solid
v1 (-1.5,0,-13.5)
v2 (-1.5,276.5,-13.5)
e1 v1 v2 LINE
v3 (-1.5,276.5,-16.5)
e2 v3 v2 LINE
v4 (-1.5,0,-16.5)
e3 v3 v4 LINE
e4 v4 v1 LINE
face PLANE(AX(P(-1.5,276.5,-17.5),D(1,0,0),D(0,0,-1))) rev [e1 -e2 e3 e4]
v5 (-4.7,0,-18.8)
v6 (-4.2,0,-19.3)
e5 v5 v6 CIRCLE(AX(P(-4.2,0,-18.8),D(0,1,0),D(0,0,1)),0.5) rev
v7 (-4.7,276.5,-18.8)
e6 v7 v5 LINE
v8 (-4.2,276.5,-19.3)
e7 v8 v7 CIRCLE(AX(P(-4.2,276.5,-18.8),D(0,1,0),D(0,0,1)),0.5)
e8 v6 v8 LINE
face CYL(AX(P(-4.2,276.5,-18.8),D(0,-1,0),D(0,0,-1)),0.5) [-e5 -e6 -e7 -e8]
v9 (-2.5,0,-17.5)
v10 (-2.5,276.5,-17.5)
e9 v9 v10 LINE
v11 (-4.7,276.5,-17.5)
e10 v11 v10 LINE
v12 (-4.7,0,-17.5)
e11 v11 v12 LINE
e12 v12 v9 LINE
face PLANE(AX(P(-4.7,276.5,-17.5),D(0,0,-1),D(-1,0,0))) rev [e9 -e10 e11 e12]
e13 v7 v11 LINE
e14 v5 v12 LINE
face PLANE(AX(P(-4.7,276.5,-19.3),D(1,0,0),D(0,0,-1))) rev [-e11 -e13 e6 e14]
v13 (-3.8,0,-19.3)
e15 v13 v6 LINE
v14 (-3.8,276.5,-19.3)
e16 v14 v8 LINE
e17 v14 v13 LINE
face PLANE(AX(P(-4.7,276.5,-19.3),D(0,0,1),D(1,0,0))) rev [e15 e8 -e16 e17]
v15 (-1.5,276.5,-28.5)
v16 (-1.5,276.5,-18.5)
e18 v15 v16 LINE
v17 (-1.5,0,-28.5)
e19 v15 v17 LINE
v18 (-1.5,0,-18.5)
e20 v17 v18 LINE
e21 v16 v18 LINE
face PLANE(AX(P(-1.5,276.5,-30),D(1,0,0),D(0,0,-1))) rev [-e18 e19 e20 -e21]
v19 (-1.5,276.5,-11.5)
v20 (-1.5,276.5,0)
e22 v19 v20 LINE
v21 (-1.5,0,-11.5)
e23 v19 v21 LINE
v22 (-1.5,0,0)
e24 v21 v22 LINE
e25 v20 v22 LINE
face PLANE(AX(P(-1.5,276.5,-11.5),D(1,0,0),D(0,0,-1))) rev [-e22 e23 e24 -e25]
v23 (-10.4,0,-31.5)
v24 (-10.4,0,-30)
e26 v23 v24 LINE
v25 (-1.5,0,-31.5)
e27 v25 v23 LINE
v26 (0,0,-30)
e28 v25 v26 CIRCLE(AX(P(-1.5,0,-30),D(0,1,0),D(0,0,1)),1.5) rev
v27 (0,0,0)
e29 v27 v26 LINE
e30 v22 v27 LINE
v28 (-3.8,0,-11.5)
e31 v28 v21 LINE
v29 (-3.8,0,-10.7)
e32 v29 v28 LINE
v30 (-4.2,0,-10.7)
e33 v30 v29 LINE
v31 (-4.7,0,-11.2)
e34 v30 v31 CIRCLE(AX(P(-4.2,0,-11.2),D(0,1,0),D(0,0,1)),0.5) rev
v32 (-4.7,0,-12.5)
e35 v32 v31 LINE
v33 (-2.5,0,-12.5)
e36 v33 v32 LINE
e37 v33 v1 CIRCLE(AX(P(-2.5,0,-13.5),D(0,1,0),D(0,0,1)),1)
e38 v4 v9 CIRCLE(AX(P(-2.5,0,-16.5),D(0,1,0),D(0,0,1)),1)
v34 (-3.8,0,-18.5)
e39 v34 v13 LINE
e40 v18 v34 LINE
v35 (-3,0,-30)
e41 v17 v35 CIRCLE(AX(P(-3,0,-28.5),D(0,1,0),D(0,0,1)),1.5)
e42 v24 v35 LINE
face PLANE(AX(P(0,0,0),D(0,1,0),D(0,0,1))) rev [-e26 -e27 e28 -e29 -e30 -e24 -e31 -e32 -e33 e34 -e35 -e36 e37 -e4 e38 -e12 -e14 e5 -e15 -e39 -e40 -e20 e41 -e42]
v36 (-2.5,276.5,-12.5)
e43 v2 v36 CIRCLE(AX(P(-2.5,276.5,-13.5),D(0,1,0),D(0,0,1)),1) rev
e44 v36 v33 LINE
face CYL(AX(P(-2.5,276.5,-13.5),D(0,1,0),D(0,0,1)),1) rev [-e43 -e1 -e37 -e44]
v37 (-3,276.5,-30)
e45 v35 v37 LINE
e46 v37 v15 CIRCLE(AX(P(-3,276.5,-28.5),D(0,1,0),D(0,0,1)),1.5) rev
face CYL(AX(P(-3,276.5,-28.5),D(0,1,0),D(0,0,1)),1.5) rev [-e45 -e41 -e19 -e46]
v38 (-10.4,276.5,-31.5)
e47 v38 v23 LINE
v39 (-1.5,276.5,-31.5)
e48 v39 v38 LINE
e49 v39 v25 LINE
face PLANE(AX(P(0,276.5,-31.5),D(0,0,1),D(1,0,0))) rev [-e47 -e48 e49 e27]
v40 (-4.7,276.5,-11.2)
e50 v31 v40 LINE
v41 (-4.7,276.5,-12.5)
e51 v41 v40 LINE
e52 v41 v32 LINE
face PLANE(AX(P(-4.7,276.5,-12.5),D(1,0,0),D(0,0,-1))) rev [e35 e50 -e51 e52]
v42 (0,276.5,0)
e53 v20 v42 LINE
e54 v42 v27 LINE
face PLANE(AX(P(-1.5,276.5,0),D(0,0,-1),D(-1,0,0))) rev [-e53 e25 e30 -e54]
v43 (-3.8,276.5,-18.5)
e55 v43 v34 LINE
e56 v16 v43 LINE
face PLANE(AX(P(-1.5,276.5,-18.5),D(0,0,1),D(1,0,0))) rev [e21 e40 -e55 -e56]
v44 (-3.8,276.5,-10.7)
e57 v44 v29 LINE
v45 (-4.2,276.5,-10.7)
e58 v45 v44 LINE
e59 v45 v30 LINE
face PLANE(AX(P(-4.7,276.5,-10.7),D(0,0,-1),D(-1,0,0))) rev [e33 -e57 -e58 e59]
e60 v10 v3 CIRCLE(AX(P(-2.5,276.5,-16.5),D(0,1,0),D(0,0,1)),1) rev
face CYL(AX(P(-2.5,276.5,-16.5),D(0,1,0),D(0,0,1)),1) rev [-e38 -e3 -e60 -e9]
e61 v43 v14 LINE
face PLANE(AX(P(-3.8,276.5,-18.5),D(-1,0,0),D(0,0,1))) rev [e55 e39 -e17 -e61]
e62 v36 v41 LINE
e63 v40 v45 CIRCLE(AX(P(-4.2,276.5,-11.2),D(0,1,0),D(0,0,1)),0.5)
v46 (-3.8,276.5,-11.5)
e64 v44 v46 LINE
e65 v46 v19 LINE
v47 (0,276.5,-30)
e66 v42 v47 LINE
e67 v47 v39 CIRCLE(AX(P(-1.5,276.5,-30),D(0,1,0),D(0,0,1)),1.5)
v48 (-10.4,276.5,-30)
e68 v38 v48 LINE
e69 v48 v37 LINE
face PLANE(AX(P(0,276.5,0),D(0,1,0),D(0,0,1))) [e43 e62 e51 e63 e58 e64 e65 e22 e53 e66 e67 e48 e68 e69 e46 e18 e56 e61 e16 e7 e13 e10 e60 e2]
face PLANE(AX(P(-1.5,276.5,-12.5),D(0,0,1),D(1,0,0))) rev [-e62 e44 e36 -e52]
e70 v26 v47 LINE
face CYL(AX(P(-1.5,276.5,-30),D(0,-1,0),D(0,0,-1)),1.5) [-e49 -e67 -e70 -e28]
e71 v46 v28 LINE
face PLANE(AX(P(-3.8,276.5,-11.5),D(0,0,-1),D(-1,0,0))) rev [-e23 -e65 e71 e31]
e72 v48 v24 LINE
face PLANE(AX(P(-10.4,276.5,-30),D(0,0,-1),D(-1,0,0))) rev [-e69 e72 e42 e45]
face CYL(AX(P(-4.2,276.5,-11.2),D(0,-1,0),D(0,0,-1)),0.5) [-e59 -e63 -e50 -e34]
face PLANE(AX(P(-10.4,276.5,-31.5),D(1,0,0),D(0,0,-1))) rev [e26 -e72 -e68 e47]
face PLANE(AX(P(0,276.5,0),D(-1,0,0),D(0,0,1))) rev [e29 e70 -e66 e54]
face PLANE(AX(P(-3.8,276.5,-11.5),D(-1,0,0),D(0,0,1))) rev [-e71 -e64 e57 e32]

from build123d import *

# Parameters (mm, degrees)
SALIENTE_EXTRUIR1_DEPTH = 276.5
REDONDEO1_R             = 0.5
REDONDEO2_R             = 1
REDONDEO3_R             = 1.5
REDONDEO4_R             = 1.5


with BuildPart() as part:
    # Croquis1 → Saliente-Extruir1 (new body)
    with BuildSketch(Plane(origin=(0, 0, 0), x_dir=(1, 0, 0), z_dir=(0, 1, 0))):
        Polygon((0, 0), (0, 31.5), (-10.4, 31.5), (-10.4, 30), (-1.5, 30), (-1.5, 18.5), (-3.8, 18.5), (-3.8, 19.3), (-4.7, 19.3), (-4.7, 17.5), (-1.5, 17.5), (-1.5, 12.5), (-4.7, 12.5), (-4.7, 10.7), (-3.8, 10.7), (-3.8, 11.5), (-1.5, 11.5), (-1.5, 0), align=None)
    extrude(amount=SALIENTE_EXTRUIR1_DEPTH)

    # Redondeo1
    redondeo1_edges = [part.edges().sort_by_distance(p)[0] for p in [
        (-4.7, 138.25, -10.7),
        (-4.7, 138.25, -19.3),
    ]]
    fillet(redondeo1_edges, radius=REDONDEO1_R)

    # Redondeo2
    redondeo2_edges = [part.edges().sort_by_distance(p)[0] for p in [
        (-1.5, 138.25, -12.5),
        (-1.5, 138.25, -17.5),
    ]]
    fillet(redondeo2_edges, radius=REDONDEO2_R)

    # Redondeo3
    redondeo3_edges = [part.edges().sort_by_distance(p)[0] for p in [
        (-1.5, 138.25, -30),
    ]]
    fillet(redondeo3_edges, radius=REDONDEO3_R)

    # Redondeo4
    redondeo4_edges = [part.edges().sort_by_distance(p)[0] for p in [
        (0, 138.25, -31.5),
    ]]
    fillet(redondeo4_edges, radius=REDONDEO4_R)


solid = part.part
